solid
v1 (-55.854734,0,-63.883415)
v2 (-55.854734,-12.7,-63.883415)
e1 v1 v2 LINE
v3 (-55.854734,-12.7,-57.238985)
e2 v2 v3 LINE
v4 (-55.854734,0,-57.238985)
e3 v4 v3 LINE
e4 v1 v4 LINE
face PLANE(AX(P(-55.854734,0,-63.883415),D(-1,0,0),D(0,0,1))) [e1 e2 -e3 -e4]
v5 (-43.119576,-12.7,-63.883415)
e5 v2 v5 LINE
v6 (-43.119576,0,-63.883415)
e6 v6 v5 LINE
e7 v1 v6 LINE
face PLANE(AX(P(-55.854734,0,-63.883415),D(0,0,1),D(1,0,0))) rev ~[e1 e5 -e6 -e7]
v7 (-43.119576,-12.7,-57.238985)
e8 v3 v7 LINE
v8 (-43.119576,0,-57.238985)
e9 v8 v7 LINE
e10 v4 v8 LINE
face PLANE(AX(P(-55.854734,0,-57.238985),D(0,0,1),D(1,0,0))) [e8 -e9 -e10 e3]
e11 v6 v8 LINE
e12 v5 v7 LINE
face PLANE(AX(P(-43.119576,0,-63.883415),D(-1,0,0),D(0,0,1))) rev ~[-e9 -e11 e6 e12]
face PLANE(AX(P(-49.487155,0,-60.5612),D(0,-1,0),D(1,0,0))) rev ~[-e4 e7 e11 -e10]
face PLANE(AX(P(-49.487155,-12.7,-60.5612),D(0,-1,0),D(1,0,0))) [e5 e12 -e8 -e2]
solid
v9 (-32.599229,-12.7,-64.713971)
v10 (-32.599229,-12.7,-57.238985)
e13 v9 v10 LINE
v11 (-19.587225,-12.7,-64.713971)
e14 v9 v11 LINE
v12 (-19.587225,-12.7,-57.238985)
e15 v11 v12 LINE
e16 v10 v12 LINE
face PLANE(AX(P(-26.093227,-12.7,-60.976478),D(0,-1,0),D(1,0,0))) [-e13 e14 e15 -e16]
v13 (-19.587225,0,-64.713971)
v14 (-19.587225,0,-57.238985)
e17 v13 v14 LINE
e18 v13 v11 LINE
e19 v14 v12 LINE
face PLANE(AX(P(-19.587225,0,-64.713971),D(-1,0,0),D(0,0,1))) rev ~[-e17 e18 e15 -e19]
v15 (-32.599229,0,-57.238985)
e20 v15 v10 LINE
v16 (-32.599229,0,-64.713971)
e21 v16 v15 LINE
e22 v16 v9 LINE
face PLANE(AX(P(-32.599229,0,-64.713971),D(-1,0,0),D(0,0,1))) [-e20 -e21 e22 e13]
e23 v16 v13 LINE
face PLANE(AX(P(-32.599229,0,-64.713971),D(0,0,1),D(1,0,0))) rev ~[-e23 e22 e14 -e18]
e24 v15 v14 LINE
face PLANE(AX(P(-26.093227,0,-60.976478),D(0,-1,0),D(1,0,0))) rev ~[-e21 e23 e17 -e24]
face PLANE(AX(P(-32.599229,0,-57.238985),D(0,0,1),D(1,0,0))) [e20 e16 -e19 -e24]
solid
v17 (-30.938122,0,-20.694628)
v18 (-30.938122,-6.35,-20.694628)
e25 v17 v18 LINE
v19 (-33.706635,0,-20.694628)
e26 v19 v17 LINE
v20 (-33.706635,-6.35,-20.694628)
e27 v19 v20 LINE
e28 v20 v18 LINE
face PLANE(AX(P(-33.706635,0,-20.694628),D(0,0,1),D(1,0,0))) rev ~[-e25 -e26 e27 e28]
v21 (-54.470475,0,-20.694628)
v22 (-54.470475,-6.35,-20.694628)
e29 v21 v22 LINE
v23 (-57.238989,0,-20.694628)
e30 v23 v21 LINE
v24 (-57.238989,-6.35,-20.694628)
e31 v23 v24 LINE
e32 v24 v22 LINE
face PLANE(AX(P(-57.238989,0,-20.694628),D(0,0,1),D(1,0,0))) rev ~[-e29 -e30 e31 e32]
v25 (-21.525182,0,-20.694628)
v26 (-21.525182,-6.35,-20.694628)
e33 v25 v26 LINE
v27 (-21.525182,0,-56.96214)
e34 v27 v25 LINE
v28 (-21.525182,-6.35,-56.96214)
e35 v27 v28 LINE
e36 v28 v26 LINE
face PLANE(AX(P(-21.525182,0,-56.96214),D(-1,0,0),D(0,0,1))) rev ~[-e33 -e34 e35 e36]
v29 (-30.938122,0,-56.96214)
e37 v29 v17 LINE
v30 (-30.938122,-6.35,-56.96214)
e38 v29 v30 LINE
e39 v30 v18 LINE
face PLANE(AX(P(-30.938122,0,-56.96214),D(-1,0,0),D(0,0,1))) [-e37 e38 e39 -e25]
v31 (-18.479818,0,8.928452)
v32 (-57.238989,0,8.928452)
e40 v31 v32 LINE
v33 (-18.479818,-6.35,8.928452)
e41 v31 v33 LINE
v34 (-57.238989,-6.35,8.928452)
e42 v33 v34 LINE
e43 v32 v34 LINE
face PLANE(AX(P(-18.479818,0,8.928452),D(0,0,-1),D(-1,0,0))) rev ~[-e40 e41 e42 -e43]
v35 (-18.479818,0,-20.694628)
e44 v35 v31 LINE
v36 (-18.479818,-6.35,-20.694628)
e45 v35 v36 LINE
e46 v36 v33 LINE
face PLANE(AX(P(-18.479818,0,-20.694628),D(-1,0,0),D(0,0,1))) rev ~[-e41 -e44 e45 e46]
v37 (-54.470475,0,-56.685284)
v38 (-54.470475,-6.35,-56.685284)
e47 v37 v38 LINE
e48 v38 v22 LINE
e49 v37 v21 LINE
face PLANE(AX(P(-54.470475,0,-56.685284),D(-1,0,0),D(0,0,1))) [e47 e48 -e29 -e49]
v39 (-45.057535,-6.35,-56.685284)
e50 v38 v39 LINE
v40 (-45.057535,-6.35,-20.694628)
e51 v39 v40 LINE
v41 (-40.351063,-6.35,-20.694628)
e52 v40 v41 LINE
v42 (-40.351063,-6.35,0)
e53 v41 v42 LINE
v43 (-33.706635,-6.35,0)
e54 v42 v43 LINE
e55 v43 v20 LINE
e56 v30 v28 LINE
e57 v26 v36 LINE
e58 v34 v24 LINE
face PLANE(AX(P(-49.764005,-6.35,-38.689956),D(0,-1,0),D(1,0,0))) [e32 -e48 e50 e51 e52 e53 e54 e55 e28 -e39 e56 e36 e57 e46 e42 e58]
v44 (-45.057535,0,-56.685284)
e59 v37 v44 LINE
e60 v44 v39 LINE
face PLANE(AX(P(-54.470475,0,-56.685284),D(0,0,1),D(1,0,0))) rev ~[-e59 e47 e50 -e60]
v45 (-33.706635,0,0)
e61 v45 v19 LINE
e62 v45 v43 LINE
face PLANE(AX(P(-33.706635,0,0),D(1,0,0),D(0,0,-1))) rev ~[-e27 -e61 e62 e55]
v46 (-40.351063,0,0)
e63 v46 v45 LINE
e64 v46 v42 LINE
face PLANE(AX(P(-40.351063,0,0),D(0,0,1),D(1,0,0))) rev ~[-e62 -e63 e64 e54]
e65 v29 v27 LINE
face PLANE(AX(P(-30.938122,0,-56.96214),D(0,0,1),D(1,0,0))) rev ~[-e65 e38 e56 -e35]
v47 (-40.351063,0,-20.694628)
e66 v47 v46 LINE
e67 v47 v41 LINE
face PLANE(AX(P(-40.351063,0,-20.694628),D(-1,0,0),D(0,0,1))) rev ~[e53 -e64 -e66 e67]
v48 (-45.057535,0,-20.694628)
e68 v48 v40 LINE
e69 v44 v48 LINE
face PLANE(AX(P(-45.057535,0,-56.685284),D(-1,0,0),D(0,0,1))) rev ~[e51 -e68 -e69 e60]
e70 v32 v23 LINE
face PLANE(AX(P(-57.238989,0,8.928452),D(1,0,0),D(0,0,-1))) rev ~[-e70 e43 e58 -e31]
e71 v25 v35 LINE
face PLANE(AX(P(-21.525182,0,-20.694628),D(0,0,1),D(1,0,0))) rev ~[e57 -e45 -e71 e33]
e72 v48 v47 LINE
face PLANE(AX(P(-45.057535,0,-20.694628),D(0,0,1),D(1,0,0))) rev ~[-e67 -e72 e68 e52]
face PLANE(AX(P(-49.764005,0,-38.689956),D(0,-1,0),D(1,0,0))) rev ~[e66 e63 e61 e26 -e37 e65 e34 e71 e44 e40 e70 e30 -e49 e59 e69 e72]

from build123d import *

# Parameters (mm, degrees)
F0_W     = 12.735158
F0_H     = 6.644431
F0_W_2   = 13.012005
F0_H_2   = 7.474985
F1_DEPTH = 12.7
F2_W     = 9.412941
F2_H     = 35.990656
F2_W_2   = 9.41294
F2_H_2   = 36.267512
F3_DEPTH = 6.35


with BuildPart() as f1:
    # F0 (on Front) → F1 (new body)
    with BuildSketch(Plane.XZ):
        with Locations((-49.487155, -60.5612)):
            Rectangle(F0_W, F0_H)
        with Locations((-26.093227, -60.976478)):
            Rectangle(F0_W_2, F0_H_2)
    extrude(amount=F1_DEPTH)


with BuildPart() as f3:
    # F2 (on Front) → F3 (new body)
    with BuildSketch(Plane.XZ):
        with Locations((-49.764005, -38.689956)):
            Rectangle(F2_W, F2_H)
        Polygon((-57.238989, -20.694628), (-54.470476, -20.694628), (-45.057535, -20.694628), (-40.351063, -20.694628), (-40.351063, 0), (-57.238989, 0), align=None)
        Polygon((-57.238989, 8.928452), (-57.238989, 0), (-40.351063, 0), (-33.706635, 0), (-18.479818, 0), (-18.479818, 8.928452), align=None)
        Polygon((-18.479818, 0), (-33.706635, 0), (-33.706635, -20.694628), (-30.938122, -20.694628), (-21.525182, -20.694628), (-18.479818, -20.694628), align=None)
        with Locations((-26.231652, -38.828384)):
            Rectangle(F2_W_2, F2_H_2)
    extrude(amount=F3_DEPTH)


solid = Compound([f1.part, f3.part])
